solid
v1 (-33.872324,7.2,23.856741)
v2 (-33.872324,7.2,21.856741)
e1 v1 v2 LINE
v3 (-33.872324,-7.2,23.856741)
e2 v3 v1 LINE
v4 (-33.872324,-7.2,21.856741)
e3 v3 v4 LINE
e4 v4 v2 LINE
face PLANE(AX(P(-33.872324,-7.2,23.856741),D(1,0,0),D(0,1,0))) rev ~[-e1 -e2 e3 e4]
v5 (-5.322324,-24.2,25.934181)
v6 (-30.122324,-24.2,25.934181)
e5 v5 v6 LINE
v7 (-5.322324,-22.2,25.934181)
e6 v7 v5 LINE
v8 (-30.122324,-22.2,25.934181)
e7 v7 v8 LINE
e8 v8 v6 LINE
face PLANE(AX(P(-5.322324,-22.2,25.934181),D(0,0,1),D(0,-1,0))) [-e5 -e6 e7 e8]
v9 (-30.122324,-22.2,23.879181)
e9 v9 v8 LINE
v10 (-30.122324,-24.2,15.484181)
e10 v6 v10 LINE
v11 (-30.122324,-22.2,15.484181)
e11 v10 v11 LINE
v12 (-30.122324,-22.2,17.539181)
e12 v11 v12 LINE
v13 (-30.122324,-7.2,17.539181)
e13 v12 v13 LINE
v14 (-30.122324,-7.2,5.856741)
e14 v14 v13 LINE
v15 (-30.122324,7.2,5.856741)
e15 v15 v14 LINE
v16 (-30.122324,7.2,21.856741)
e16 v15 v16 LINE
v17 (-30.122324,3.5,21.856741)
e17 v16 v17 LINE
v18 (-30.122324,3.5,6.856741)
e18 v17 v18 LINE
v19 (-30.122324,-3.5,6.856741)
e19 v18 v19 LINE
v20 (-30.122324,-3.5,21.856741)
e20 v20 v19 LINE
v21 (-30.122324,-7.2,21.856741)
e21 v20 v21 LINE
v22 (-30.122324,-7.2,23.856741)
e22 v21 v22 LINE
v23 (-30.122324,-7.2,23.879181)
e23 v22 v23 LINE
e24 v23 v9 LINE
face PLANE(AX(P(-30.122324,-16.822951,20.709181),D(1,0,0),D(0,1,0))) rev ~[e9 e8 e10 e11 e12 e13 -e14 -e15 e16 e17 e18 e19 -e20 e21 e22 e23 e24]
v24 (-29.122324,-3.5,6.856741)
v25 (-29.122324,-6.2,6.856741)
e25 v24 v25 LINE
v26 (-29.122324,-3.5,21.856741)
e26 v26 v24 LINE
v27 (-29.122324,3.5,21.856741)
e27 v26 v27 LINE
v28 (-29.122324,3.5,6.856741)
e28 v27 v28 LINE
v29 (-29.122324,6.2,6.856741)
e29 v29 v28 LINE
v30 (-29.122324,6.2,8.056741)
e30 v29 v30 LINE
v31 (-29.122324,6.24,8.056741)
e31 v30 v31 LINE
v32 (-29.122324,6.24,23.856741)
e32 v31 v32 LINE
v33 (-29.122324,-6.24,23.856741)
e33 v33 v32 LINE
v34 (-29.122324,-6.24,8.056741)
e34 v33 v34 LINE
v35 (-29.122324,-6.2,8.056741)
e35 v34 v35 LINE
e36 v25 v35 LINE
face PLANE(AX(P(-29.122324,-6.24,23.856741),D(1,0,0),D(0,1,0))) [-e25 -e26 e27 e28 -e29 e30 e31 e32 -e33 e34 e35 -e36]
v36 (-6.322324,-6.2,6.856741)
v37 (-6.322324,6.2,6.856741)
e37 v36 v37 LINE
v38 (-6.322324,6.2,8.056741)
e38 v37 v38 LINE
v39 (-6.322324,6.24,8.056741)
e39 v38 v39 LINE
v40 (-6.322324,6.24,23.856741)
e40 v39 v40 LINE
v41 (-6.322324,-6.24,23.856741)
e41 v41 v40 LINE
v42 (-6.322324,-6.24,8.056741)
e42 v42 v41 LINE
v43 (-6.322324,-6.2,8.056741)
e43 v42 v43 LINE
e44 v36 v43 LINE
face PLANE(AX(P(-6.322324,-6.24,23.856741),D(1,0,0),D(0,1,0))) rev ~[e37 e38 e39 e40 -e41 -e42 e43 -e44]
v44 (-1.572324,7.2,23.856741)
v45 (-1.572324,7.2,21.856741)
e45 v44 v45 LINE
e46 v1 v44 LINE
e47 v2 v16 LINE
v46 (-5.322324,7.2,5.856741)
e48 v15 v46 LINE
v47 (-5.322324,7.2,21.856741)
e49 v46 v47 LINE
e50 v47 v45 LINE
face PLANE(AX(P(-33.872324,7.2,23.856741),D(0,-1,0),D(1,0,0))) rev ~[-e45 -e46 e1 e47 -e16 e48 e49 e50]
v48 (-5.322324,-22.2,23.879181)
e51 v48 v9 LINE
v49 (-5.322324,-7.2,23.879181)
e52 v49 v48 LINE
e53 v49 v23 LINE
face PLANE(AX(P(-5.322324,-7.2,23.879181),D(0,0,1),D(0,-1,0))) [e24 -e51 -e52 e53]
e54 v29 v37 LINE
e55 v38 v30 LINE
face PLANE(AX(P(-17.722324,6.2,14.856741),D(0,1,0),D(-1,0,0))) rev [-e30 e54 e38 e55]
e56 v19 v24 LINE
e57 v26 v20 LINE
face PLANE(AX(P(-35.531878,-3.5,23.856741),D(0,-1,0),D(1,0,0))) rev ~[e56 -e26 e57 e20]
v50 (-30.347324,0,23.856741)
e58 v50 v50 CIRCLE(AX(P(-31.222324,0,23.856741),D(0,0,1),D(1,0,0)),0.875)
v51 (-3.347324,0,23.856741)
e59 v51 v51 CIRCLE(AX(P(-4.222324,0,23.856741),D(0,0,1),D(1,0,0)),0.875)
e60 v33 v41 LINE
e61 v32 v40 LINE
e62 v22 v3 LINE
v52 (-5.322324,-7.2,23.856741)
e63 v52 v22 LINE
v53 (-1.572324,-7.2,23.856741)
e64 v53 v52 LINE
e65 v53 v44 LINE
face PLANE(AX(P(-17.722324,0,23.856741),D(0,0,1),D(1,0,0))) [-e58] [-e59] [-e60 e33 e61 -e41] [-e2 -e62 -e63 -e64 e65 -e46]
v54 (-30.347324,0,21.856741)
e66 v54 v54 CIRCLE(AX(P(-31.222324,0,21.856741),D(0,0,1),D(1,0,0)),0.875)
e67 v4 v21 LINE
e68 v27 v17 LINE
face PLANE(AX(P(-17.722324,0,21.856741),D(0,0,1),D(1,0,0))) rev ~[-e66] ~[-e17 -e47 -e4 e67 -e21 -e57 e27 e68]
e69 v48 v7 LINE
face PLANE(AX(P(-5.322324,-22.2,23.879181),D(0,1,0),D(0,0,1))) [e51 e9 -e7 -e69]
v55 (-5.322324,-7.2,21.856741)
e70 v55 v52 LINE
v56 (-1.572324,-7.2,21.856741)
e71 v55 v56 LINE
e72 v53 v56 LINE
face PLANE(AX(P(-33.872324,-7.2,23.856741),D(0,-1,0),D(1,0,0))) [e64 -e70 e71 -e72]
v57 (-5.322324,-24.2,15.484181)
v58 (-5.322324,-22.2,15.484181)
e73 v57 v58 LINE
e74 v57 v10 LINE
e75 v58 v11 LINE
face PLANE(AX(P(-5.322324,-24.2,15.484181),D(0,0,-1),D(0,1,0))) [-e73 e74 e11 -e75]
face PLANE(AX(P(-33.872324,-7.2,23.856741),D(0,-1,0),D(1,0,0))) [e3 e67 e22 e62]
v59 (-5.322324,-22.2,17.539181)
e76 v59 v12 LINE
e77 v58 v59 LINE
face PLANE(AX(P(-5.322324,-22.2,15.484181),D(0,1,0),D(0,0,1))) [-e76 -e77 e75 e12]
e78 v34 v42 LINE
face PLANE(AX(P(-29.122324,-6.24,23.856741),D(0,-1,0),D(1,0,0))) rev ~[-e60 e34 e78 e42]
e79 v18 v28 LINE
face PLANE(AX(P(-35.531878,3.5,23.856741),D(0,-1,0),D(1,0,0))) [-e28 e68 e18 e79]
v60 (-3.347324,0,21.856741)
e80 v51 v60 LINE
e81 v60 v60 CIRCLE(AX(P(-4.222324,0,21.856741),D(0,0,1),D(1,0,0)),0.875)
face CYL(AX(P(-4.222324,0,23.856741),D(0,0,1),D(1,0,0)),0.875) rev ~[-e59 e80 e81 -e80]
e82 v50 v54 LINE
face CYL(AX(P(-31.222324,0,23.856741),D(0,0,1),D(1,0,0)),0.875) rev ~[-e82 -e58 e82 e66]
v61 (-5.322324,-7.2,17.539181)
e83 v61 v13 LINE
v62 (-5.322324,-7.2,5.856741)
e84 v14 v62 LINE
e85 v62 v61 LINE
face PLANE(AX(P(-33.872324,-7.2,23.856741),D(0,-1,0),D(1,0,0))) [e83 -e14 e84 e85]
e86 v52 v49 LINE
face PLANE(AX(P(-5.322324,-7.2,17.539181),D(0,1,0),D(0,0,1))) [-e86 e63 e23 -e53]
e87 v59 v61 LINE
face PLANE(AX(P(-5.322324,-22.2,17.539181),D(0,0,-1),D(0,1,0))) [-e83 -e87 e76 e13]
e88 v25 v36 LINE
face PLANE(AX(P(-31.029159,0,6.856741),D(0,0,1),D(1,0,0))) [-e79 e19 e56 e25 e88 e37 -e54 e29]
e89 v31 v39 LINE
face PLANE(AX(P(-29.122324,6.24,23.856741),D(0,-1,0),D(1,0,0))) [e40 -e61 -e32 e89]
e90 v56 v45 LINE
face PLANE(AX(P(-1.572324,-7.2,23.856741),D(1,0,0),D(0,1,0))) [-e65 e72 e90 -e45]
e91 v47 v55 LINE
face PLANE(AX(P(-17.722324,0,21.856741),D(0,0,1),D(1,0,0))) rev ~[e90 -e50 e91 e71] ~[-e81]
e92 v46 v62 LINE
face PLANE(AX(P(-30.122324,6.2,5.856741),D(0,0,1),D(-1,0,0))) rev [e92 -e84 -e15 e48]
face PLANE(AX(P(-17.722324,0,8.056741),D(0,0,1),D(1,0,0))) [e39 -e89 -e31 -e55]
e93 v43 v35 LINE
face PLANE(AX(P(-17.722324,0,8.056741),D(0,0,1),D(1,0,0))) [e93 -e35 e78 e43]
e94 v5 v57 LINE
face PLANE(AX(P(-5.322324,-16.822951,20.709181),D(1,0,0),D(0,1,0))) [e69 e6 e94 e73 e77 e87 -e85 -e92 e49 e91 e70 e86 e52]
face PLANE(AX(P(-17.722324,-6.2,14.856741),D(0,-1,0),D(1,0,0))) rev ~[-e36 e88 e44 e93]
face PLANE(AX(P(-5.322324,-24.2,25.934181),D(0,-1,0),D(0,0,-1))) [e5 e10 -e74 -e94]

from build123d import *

# Parameters (mm, degrees)
F0_W          = 24.8
F0_H          = 18
F0_W_2        = 22.8
F0_H_2        = 16
F1_DEPTH      = 6.2
F1_DEPTH_BACK = 6.2
F2_W          = 24.8
F2_H          = 18
F3_DEPTH      = 1
F5_W          = 22.8
F5_H          = 12.48
F6_DEPTH      = 15.8
F7_W          = 9.005438
F7_H          = 7
F8_DEPTH      = 17
F10_W         = 32.3
F10_H         = 14.4
F10_W_2       = 22.8
F10_H_2       = 12.48
F11_DEPTH     = 2
F12_R         = 0.875
F13_DEPTH     = 25
F15_DEPTH     = 24.8


with BuildPart() as f1:
    # F0 (on Front) → F1 (new body, two sides)
    with BuildSketch(Plane.XZ) as f1_sk:
        with Locations((-17.722324, 14.856741)):
            Rectangle(F0_W, F0_H)
        with Locations((-17.722324, 14.856741)):
            Rectangle(F0_W_2, F0_H_2, mode=Mode.SUBTRACT)
    extrude(amount=F1_DEPTH)
    extrude(f1_sk.sketch, amount=-F1_DEPTH_BACK)

    # F2 (on face) → F3 (join)
    with BuildSketch(Plane.XZ.offset(6.2)):
        with Locations((-17.722324, 14.856741)):
            Rectangle(F2_W, F2_H)
    extrude(amount=F3_DEPTH)

    # F4: F1 across plane


with BuildPart() as f1_1:
    add(f1.part)
    add(f1.part.mirror(Plane.XZ))

    # F5 (on face) → F6 (cut)
    with BuildSketch(Plane.XY.offset(23.856741)):
        with Locations((-17.722324, 0)):
            Rectangle(F5_W, F5_H)
    extrude(amount=-F6_DEPTH, mode=Mode.SUBTRACT)

    # F7 (on face) → F8 (cut, through all)
    with BuildSketch(Plane.XY.offset(23.856741)):
        with Locations((-31.029159, 0)):
            Rectangle(F7_W, F7_H)
    extrude(amount=-F8_DEPTH, mode=Mode.SUBTRACT)

    # F10 (on face) → F11 (join)
    with BuildSketch(Plane.XY.offset(23.856741)):
        with Locations((-17.722324, 0)):
            Rectangle(F10_W, F10_H)
        with Locations((-17.722324, 0)):
            Rectangle(F10_W_2, F10_H_2, mode=Mode.SUBTRACT)
    extrude(amount=-F11_DEPTH)

    # F12 (on face) → F13 (cut)
    with BuildSketch(Plane.XY.offset(23.856741)):
        with Locations((-31.222324, 0)):
            Circle(F12_R)
        with Locations((-4.222324, 0)):
            Circle(F12_R)
    extrude(amount=-F13_DEPTH, mode=Mode.SUBTRACT)

    # F14 (on face) → F15 (join, through all)
    with BuildSketch(Plane.YZ.offset(-5.322324)):
        Polygon((-7.2, 21.856741), (-7.2, 23.879181), (-22.2, 23.879181), (-22.2, 25.934181), (-24.2, 25.934181), (-24.2, 15.484181), (-22.2, 15.484181), (-22.2, 17.539181), (-7.2, 17.539181), align=None)
    extrude(amount=-F15_DEPTH)


solid = f1_1.part
